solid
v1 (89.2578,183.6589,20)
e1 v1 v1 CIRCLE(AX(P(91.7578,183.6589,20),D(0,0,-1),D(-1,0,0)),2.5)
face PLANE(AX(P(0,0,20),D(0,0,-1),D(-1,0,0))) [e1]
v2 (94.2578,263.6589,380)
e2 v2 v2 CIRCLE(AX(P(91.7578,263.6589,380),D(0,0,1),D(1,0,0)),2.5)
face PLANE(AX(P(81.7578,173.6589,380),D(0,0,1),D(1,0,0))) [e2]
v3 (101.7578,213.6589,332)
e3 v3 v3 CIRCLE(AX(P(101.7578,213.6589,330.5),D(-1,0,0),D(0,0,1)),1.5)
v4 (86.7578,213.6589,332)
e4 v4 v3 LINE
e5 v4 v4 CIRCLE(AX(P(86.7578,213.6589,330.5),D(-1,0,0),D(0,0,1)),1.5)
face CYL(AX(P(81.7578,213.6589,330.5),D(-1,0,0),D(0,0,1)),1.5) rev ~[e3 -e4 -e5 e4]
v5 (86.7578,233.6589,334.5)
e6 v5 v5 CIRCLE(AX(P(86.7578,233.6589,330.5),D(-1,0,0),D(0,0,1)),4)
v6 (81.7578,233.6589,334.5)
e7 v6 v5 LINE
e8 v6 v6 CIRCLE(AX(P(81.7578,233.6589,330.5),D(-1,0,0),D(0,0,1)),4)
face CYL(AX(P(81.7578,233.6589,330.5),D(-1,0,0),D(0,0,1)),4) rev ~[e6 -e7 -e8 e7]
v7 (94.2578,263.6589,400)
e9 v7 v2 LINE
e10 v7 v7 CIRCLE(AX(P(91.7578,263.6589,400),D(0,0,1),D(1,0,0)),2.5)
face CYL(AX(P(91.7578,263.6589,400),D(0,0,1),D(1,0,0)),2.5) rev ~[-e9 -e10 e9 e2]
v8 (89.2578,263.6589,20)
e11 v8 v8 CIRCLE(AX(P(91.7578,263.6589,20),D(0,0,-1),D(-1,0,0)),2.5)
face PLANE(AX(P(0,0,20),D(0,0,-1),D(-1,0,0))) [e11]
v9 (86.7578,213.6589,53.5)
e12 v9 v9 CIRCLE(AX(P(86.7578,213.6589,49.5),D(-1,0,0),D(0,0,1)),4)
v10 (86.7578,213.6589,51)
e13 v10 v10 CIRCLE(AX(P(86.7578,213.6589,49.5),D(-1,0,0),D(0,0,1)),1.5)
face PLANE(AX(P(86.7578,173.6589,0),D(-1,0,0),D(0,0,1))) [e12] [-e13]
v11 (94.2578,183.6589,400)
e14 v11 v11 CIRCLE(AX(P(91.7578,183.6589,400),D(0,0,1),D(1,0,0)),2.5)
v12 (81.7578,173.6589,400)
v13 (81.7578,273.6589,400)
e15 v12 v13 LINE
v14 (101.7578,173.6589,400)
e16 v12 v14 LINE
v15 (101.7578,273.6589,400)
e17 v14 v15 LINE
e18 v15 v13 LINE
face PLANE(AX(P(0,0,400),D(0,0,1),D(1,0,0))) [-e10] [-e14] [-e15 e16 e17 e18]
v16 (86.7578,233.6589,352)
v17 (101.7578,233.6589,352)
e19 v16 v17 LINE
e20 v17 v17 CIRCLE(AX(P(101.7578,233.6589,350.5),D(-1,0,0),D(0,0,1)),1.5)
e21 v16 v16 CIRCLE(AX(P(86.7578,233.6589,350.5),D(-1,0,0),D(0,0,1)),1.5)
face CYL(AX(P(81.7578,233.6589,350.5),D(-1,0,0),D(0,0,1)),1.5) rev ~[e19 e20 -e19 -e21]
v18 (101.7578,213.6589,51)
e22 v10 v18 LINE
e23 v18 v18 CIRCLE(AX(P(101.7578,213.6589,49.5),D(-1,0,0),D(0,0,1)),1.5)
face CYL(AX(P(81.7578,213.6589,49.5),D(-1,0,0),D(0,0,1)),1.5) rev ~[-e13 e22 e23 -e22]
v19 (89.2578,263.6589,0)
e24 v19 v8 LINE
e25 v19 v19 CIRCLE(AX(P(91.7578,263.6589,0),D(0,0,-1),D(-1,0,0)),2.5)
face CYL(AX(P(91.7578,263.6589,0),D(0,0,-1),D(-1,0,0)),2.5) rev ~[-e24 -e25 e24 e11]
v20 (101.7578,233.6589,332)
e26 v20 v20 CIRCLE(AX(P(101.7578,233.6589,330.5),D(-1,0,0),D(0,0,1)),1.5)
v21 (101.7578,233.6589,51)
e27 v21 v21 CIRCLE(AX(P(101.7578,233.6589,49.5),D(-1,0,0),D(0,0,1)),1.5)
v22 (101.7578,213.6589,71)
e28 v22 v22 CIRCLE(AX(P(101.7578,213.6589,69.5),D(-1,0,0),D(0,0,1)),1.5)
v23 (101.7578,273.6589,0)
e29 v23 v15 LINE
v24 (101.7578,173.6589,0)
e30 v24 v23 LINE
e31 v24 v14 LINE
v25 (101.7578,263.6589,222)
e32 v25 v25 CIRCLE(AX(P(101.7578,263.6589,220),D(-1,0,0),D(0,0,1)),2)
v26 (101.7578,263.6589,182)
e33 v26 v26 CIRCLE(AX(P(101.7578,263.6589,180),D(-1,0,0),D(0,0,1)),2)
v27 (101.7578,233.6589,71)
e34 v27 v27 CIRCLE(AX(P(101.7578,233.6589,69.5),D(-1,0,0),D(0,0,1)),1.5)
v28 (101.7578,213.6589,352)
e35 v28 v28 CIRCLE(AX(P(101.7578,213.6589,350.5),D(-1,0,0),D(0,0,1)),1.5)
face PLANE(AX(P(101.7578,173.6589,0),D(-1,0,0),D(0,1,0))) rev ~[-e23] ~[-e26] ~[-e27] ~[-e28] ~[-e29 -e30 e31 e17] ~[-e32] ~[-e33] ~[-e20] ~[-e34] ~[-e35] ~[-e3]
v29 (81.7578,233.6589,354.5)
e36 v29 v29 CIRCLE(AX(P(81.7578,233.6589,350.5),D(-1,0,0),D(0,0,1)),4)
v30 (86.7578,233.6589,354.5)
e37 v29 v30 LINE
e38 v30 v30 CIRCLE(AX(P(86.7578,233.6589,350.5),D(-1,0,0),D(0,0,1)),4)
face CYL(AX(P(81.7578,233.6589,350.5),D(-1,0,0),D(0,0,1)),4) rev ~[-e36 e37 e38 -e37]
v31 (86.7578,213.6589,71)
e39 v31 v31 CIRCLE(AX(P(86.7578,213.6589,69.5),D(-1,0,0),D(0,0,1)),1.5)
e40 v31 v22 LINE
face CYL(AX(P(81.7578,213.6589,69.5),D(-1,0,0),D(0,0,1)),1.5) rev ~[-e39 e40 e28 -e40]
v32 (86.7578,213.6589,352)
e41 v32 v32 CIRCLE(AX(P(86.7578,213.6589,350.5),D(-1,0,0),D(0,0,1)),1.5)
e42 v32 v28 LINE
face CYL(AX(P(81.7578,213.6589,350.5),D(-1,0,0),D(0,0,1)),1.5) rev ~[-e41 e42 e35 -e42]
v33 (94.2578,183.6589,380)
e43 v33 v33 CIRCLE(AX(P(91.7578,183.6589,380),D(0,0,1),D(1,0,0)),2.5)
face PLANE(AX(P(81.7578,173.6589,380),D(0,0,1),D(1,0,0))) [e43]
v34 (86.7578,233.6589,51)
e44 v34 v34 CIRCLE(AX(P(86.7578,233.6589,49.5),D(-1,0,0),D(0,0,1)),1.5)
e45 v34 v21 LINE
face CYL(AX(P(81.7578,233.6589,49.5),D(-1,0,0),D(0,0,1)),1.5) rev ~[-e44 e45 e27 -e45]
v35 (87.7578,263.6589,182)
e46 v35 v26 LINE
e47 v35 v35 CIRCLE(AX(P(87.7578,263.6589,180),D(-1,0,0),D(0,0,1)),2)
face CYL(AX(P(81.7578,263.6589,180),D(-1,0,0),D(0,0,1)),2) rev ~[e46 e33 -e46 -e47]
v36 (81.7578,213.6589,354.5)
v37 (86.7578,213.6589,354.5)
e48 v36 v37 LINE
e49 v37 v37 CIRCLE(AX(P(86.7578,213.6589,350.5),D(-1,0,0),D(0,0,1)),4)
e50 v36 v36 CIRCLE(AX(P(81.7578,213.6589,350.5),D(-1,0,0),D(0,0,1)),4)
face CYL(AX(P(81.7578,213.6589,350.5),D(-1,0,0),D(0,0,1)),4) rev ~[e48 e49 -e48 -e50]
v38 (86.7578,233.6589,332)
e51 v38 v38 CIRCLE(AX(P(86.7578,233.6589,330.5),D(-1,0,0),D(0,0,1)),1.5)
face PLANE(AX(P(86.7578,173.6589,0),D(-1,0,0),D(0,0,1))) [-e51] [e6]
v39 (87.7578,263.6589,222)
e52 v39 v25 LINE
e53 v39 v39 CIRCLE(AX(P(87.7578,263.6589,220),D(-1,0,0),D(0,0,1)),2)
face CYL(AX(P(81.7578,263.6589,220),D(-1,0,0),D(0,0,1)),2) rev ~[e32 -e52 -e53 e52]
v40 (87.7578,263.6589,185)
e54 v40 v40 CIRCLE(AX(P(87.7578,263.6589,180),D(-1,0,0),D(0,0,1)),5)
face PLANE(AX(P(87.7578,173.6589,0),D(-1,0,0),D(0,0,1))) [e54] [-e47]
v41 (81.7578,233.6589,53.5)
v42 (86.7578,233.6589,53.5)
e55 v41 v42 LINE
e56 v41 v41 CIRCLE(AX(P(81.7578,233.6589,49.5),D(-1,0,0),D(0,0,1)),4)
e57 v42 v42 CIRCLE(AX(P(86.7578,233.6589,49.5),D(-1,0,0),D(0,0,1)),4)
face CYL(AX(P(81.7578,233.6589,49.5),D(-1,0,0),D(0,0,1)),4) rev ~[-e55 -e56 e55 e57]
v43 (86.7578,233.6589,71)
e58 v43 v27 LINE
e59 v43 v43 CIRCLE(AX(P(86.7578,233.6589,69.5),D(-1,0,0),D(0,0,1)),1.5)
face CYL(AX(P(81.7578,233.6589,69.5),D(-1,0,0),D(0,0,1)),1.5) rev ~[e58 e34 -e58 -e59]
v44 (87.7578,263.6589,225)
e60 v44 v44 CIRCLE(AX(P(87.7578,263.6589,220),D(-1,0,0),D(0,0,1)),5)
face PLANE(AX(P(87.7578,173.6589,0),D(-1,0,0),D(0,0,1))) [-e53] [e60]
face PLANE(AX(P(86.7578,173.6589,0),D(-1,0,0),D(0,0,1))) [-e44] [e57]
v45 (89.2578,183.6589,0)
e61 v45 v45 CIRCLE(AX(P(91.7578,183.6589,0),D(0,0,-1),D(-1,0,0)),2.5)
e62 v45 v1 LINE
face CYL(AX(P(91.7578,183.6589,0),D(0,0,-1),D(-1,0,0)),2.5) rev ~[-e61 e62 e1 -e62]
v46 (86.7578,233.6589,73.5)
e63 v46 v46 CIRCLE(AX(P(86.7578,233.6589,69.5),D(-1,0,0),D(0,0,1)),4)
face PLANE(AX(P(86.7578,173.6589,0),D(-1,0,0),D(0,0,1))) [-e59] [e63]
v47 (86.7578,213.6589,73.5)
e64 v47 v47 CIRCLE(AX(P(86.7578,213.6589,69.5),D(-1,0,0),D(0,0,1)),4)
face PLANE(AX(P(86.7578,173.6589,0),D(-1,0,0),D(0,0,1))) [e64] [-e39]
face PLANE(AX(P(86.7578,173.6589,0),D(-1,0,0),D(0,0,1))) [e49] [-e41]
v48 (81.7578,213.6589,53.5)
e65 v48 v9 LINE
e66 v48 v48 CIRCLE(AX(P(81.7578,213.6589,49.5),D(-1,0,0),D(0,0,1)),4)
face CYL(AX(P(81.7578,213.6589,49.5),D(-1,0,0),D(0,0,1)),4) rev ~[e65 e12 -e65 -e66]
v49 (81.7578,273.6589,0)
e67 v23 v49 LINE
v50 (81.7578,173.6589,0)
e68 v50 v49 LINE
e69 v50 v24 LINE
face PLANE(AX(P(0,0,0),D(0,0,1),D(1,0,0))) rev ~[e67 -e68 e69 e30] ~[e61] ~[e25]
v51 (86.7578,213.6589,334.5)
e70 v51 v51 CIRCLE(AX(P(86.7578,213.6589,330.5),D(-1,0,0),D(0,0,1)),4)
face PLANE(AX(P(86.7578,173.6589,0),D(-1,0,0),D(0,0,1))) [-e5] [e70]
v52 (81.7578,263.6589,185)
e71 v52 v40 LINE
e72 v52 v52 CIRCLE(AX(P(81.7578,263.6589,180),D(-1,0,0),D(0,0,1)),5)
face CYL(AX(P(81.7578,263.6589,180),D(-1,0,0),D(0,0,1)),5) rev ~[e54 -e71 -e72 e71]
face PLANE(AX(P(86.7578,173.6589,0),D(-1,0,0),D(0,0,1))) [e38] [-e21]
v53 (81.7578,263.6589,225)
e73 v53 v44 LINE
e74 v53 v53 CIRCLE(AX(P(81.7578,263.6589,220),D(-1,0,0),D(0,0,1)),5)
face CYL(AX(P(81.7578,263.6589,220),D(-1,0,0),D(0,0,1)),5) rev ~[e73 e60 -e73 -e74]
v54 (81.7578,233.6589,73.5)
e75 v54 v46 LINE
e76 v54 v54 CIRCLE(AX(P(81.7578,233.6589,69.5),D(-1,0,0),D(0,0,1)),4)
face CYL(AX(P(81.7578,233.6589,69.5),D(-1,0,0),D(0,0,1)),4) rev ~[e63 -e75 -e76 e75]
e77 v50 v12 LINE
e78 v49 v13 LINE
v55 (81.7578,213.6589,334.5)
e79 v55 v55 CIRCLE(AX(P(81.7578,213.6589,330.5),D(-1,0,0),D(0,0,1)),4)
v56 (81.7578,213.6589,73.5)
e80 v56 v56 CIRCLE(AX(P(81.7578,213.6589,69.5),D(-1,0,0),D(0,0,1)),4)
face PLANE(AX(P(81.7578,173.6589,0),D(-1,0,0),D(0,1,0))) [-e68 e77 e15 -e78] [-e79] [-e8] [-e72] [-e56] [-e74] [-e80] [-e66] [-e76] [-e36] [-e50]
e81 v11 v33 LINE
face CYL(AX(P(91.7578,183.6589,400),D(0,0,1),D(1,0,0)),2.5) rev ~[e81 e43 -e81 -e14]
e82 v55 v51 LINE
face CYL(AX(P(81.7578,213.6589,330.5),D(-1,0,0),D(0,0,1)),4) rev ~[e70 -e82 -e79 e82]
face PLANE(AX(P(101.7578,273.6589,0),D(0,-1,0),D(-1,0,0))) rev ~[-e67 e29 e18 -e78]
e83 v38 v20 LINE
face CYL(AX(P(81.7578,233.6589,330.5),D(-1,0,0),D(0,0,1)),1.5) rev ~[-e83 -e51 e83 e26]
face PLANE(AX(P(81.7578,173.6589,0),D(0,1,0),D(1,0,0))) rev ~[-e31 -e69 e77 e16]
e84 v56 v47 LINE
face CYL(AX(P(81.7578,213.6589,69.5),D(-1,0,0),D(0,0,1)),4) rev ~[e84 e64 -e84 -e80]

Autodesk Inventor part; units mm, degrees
ref_plane "YZ Plane" through (0, 0, 0) normal (1, 0, 0) x (0, 1, 0)
ref_plane "XZ Plane" through (0, 0, 0) normal (0, 1, 0) x (-1, 0, 0)
ref_plane "Work Plane1" through (0, 0, 0) normal (0, 0, 1) x (1, 0, 0)
sketch "Sketch1" plane through (0, 0, 0) normal (0, 0, 1) x (1, 0, 0)
  line L0 (21.7578, -254.9236) -> (1.9524, -272.1401) projected
  line L1 (21.7578, -209.6761) -> (21.7578, -194.8761) projected
  line L2 (41.7578, 173.6589) -> (21.7578, 153.6589) projected
  line L3 (41.7578, 173.6589) -> (101.7578, 173.6589) projected
  line L4 (101.7578, 173.6589) -> (101.7578, 273.6589) projected
  line L5 (101.7578, 273.6589) -> (-10.4252, 273.6589) projected
  line L6 (-30.4252, 253.6589) -> (-10.4252, 273.6589) projected
  line L7 (-30.4252, 253.6589) -> (-30.4252, -206.3411) projected
  line L8 (-46.4251, -222.341) -> (-30.4252, -206.3411) projected
  line L9 (-260.4252, -226.3411) -> (-260.4252, -235.2654) projected
  line L10 (-260.4252, -235.2654) -> (1.9524, -272.1401) projected
  line L11 (101.7578, 173.6589) -> (81.7578, 173.6589)
  line L12 (81.7578, 173.6589) -> (81.7578, 273.6589)
  line L13 (81.7578, 273.6589) -> (101.7578, 273.6589)
  line L14 (101.7578, 273.6589) -> (101.7578, 173.6589)
  circle A0 centre (19.7578, -202.2762) radius 1.6 projected
  circle A1 centre (19.7578, 98.8927) radius 1.6 projected
  line L15 (21.7578, 91.4928) -> (21.7578, 106.2928) projected
  line L16 (21.7578, -188.4761) -> (21.7578, 85.0928) projected
  line L17 (21.7578, 112.6928) -> (21.7578, 153.6589) projected
  line L18 (-72.7251, -226.3411) -> (-78.6251, -226.3411) projected
  line L19 (-46.4251, -222.341) -> (-46.4251, -226.3411) projected
  line L20 (-78.6251, -219.9911) -> (-78.6251, -226.3411) projected
  line L21 (-84.6251, -219.9911) -> (-78.6251, -219.9911) projected
  line L22 (-84.6251, -226.3411) -> (-84.6251, -219.9911) projected
  line L23 (-84.6251, -226.3411) -> (-178.3768, -226.3411) projected
  line L24 (-178.3768, -219.9911) -> (-178.3768, -226.3411) projected
  line L25 (-184.3768, -219.9911) -> (-178.3768, -219.9911) projected
  line L26 (-184.3768, -226.3411) -> (-184.3768, -219.9911) projected
  line L27 (-184.3768, -226.3411) -> (-190.2768, -226.3411) projected
  line L28 (-193.6768, -226.3411) -> (-199.5768, -226.3411) projected
  line L29 (-199.5768, -219.9911) -> (-199.5768, -226.3411) projected
  line L30 (-205.5768, -219.9911) -> (-199.5768, -219.9911) projected
  line L31 (-205.5768, -226.3411) -> (-205.5768, -219.9911) projected
  line L32 (-205.5768, -226.3411) -> (-260.4252, -226.3411) projected
  line L33 (21.7578, -254.9236) -> (21.7578, -216.0761) projected
  line L34 (-46.4251, -226.3411) -> (-57.4251, -226.3411) projected
  line L35 (-57.4251, -219.9911) -> (-57.4251, -226.3411) projected
  line L36 (-63.4251, -219.9911) -> (-57.4251, -219.9911) projected
  line L37 (-63.4251, -226.3411) -> (-63.4251, -219.9911) projected
  line L38 (-63.4251, -226.3411) -> (-69.3251, -226.3411) projected
  line L39 (21.7578, -216.0761) -> (17.5578, -216.0761) projected
  line L40 (17.5578, -216.0761) -> (17.5578, -209.6761) projected
  line L41 (17.5578, -209.6761) -> (21.7578, -209.6761) projected
  line L42 (21.7578, -194.8761) -> (17.5578, -194.8761) projected
  line L43 (17.5578, -194.8761) -> (17.5578, -188.4761) projected
  line L44 (17.5578, -188.4761) -> (21.7578, -188.4761) projected
  line L45 (21.7578, 85.0928) -> (17.5578, 85.0928) projected
  line L46 (17.5578, 85.0928) -> (17.5578, 91.4928) projected
  line L47 (17.5578, 91.4928) -> (21.7578, 91.4928) projected
  line L48 (21.7578, 106.2928) -> (17.5578, 106.2928) projected
  line L49 (17.5578, 106.2928) -> (17.5578, 112.6928) projected
  line L50 (17.5578, 112.6928) -> (21.7578, 112.6928) projected
  circle A2 centre (91.7578, 263.6589) radius 3 projected
  circle A3 centre (91.7578, 183.6589) radius 3 projected
  line L51 (-69.3251, -226.3411) -> (-69.3251, -232.1411) projected
  line L52 (-69.3251, -232.1411) -> (-68.0751, -232.1411) projected
  line L53 (-68.0751, -232.1411) -> (-68.0751, -234.5411) projected
  line L54 (-68.0751, -234.5411) -> (-69.3251, -234.5411) projected
  line L55 (-69.3251, -234.5411) -> (-69.3251, -237.1911) projected
  line L56 (-69.3251, -237.1911) -> (-72.7251, -237.1911) projected
  line L57 (-72.7251, -237.1911) -> (-72.7251, -234.5411) projected
  line L58 (-72.7251, -234.5411) -> (-73.9751, -234.5411) projected
  line L59 (-73.9751, -234.5411) -> (-73.9751, -232.1411) projected
  line L60 (-73.9751, -232.1411) -> (-72.7251, -232.1411) projected
  line L61 (-72.7251, -232.1411) -> (-72.7251, -226.3411) projected
  line L62 (-190.2768, -226.3411) -> (-190.2768, -232.1411) projected
  line L63 (-190.2768, -232.1411) -> (-189.0268, -232.1411) projected
  line L64 (-189.0268, -232.1411) -> (-189.0268, -234.5411) projected
  line L65 (-189.0268, -234.5411) -> (-190.2768, -234.5411) projected
  line L66 (-190.2768, -234.5411) -> (-190.2768, -237.1911) projected
  line L67 (-190.2768, -237.1911) -> (-193.6768, -237.1911) projected
  line L68 (-193.6768, -237.1911) -> (-193.6768, -234.5411) projected
  line L69 (-193.6768, -234.5411) -> (-194.9268, -234.5411) projected
  line L70 (-194.9268, -234.5411) -> (-194.9268, -232.1411) projected
  line L71 (-194.9268, -232.1411) -> (-193.6768, -232.1411) projected
  line L72 (-193.6768, -232.1411) -> (-193.6768, -226.3411) projected
  point P0 (0, 0)
  point P1 (-50.4252, -226.3411)
  dimension "d0" = 20
ref_plane "Work Plane2" through (-260.4252, -272.1401, 400) normal (0, 0, -1) x (0, 1, 0)
extrude "Extrusion1" add sketch "Sketch1" along normal up to surface (400 mm away) contours L12 L5 L4 L3 | A2 | A3
sketch "Sketch2" plane through (81.7578, 173.6589, 0) normal (-1, 0, 0) x (0, 0, 1)
  circle A0 centre (49.5, 60) radius 1.75 construction
  circle A1 centre (69.5, 60) radius 1.75 construction
  circle A2 centre (49.5, 40) radius 1.5 construction
  circle A3 centre (69.5, 40) radius 1.75 construction
  circle A4 centre (350.5, 60) radius 1.5 construction
  circle A5 centre (330.5, 60) radius 1.75 construction
  circle A6 centre (330.5, 40) radius 1.5 construction
  circle A7 centre (350.5, 40) radius 1.75 construction
  circle A8 centre (49.5, 60) radius 1.5
  circle A9 centre (49.5, 40) radius 1.5
  circle A10 centre (69.5, 60) radius 1.5
  circle A11 centre (69.5, 40) radius 1.5
  circle A12 centre (330.5, 60) radius 1.5
  circle A13 centre (350.5, 60) radius 1.5
  circle A14 centre (330.5, 40) radius 1.5
  circle A15 centre (350.5, 40) radius 1.5
  point P0 (0, -173.6589)
  dimension "d3" = 3
  dimension "d4" = 3
  dimension "d5" = 3
  dimension "d6" = 3
  dimension "d7" = 3
  dimension "d8" = 3
  dimension "d9" = 3
  dimension "d10" = 3
extrude "Extrusion2" cut sketch "Sketch2" against normal through all
sketch "Sketch3" plane through (81.7578, 173.6589, 0) normal (-1, 0, 0) x (0, 0, 1)
  circle A0 centre (330.5, 40) radius 1.5 projected
  circle A1 centre (330.5, 60) radius 1.5 projected
  circle A2 centre (69.5, 60) radius 1.5 projected
  circle A3 centre (49.5, 60) radius 1.5 projected
  circle A4 centre (49.5, 40) radius 1.5 projected
  circle A5 centre (69.5, 40) radius 1.5 projected
  circle A6 centre (350.5, 60) radius 1.5 projected
  circle A7 centre (350.5, 40) radius 1.5 projected
  line L0 (400, 100) -> (400, 0) projected
  line L1 (0, 100) -> (400, 100) projected
  line L2 (0, 100) -> (0, 0) projected
  line L3 (0, 0) -> (400, 0) projected
  circle A8 centre (49.5, 60) radius 1.5 projected
  circle A9 centre (49.5, 60) radius 4
  circle A10 centre (69.5, 60) radius 4
  circle A11 centre (49.5, 40) radius 4
  circle A12 centre (69.5, 40) radius 1.5 projected
  circle A13 centre (69.5, 40) radius 4
  circle A14 centre (330.5, 60) radius 4
  circle A15 centre (350.5, 60) radius 4
  circle A16 centre (330.5, 40) radius 4
  circle A17 centre (350.5, 40) radius 1.5 projected
  circle A18 centre (350.5, 40) radius 4
  point P0 (0, -173.6589)
  dimension "d13" = 8
  dimension "d14" = 8
  dimension "d15" = 8
  dimension "d16" = 8
  dimension "d17" = 8
  dimension "d18" = 8
  dimension "d19" = 8
  dimension "d20" = 8
extrude "Extrusion3" cut sketch "Sketch3" against normal blind 5 contours A9 | A10 | A11 | A13 | A14 | A15 | A16 | A18
sketch "Sketch4" plane through (81.7578, 173.6589, 0) normal (-1, 0, 0) x (0, 0, 1)
  circle A0 centre (220, 90) radius 1.65 construction
  circle A1 centre (180, 90) radius 1.65 construction
  circle A2 centre (180, 90) radius 2
  circle A3 centre (220, 90) radius 2
  point P0 (0, -173.6589)
  dimension "d23" = 4
  dimension "d24" = 4
extrude "Extrusion4" cut sketch "Sketch4" against normal through all
sketch "Sketch5" plane through (81.7578, 173.6589, 0) normal (-1, 0, 0) x (0, 0, 1)
  circle A0 centre (180, 90) radius 2 construction
  circle A1 centre (220, 90) radius 2 construction
  circle A2 centre (180, 90) radius 5
  circle A3 centre (220, 90) radius 5
  point P0 (0, -173.6589)
  dimension "d27" = 10
  dimension "d28" = 10
extrude "Extrusion5" cut sketch "Sketch5" against normal blind 6
sketch "Sketch6" plane through (0, 0, 0) normal (0, 0, -1) x (-1, 0, 0)
  circle A0 centre (-91.7578, 263.6589) radius 3 construction
  circle A1 centre (-91.7578, 183.6589) radius 3 construction
  circle A2 centre (-91.7578, 263.6589) radius 2.5
  circle A3 centre (-91.7578, 183.6589) radius 2.5
  point P0 (0, 0)
  dimension "d31" = 5
  dimension "d32" = 5
extrude "Extrusion6" cut sketch "Sketch6" against normal blind 20
thread "Thread1" size "12-24 UNC" class "2B" standard "ANSI Unified Screw Threads" full length
thread "Thread2" size "12-24 UNC" class "2B" standard "ANSI Unified Screw Threads" full length
sketch "Sketch7" plane through (81.7578, 173.6589, 400) normal (0, 0, 1) x (1, 0, 0)
  circle A0 centre (10, 90) radius 3 construction
  circle A1 centre (10, 10) radius 2.5 construction
  circle A2 centre (10, 90) radius 2.5
  circle A3 centre (10, 10) radius 2.5
  point P0 (-81.7578, -173.6589)
  dimension "d39" = 5
  dimension "d40" = 5
extrude "Extrusion7" cut sketch "Sketch7" against normal blind 20
thread "Thread3" size "12-24 UNC" class "2B" standard "ANSI Unified Screw Threads" full length
thread "Thread4" size "12-24 UNC" class "2B" standard "ANSI Unified Screw Threads" full length
properties part number "Z Stage_Linear Block Holder"
